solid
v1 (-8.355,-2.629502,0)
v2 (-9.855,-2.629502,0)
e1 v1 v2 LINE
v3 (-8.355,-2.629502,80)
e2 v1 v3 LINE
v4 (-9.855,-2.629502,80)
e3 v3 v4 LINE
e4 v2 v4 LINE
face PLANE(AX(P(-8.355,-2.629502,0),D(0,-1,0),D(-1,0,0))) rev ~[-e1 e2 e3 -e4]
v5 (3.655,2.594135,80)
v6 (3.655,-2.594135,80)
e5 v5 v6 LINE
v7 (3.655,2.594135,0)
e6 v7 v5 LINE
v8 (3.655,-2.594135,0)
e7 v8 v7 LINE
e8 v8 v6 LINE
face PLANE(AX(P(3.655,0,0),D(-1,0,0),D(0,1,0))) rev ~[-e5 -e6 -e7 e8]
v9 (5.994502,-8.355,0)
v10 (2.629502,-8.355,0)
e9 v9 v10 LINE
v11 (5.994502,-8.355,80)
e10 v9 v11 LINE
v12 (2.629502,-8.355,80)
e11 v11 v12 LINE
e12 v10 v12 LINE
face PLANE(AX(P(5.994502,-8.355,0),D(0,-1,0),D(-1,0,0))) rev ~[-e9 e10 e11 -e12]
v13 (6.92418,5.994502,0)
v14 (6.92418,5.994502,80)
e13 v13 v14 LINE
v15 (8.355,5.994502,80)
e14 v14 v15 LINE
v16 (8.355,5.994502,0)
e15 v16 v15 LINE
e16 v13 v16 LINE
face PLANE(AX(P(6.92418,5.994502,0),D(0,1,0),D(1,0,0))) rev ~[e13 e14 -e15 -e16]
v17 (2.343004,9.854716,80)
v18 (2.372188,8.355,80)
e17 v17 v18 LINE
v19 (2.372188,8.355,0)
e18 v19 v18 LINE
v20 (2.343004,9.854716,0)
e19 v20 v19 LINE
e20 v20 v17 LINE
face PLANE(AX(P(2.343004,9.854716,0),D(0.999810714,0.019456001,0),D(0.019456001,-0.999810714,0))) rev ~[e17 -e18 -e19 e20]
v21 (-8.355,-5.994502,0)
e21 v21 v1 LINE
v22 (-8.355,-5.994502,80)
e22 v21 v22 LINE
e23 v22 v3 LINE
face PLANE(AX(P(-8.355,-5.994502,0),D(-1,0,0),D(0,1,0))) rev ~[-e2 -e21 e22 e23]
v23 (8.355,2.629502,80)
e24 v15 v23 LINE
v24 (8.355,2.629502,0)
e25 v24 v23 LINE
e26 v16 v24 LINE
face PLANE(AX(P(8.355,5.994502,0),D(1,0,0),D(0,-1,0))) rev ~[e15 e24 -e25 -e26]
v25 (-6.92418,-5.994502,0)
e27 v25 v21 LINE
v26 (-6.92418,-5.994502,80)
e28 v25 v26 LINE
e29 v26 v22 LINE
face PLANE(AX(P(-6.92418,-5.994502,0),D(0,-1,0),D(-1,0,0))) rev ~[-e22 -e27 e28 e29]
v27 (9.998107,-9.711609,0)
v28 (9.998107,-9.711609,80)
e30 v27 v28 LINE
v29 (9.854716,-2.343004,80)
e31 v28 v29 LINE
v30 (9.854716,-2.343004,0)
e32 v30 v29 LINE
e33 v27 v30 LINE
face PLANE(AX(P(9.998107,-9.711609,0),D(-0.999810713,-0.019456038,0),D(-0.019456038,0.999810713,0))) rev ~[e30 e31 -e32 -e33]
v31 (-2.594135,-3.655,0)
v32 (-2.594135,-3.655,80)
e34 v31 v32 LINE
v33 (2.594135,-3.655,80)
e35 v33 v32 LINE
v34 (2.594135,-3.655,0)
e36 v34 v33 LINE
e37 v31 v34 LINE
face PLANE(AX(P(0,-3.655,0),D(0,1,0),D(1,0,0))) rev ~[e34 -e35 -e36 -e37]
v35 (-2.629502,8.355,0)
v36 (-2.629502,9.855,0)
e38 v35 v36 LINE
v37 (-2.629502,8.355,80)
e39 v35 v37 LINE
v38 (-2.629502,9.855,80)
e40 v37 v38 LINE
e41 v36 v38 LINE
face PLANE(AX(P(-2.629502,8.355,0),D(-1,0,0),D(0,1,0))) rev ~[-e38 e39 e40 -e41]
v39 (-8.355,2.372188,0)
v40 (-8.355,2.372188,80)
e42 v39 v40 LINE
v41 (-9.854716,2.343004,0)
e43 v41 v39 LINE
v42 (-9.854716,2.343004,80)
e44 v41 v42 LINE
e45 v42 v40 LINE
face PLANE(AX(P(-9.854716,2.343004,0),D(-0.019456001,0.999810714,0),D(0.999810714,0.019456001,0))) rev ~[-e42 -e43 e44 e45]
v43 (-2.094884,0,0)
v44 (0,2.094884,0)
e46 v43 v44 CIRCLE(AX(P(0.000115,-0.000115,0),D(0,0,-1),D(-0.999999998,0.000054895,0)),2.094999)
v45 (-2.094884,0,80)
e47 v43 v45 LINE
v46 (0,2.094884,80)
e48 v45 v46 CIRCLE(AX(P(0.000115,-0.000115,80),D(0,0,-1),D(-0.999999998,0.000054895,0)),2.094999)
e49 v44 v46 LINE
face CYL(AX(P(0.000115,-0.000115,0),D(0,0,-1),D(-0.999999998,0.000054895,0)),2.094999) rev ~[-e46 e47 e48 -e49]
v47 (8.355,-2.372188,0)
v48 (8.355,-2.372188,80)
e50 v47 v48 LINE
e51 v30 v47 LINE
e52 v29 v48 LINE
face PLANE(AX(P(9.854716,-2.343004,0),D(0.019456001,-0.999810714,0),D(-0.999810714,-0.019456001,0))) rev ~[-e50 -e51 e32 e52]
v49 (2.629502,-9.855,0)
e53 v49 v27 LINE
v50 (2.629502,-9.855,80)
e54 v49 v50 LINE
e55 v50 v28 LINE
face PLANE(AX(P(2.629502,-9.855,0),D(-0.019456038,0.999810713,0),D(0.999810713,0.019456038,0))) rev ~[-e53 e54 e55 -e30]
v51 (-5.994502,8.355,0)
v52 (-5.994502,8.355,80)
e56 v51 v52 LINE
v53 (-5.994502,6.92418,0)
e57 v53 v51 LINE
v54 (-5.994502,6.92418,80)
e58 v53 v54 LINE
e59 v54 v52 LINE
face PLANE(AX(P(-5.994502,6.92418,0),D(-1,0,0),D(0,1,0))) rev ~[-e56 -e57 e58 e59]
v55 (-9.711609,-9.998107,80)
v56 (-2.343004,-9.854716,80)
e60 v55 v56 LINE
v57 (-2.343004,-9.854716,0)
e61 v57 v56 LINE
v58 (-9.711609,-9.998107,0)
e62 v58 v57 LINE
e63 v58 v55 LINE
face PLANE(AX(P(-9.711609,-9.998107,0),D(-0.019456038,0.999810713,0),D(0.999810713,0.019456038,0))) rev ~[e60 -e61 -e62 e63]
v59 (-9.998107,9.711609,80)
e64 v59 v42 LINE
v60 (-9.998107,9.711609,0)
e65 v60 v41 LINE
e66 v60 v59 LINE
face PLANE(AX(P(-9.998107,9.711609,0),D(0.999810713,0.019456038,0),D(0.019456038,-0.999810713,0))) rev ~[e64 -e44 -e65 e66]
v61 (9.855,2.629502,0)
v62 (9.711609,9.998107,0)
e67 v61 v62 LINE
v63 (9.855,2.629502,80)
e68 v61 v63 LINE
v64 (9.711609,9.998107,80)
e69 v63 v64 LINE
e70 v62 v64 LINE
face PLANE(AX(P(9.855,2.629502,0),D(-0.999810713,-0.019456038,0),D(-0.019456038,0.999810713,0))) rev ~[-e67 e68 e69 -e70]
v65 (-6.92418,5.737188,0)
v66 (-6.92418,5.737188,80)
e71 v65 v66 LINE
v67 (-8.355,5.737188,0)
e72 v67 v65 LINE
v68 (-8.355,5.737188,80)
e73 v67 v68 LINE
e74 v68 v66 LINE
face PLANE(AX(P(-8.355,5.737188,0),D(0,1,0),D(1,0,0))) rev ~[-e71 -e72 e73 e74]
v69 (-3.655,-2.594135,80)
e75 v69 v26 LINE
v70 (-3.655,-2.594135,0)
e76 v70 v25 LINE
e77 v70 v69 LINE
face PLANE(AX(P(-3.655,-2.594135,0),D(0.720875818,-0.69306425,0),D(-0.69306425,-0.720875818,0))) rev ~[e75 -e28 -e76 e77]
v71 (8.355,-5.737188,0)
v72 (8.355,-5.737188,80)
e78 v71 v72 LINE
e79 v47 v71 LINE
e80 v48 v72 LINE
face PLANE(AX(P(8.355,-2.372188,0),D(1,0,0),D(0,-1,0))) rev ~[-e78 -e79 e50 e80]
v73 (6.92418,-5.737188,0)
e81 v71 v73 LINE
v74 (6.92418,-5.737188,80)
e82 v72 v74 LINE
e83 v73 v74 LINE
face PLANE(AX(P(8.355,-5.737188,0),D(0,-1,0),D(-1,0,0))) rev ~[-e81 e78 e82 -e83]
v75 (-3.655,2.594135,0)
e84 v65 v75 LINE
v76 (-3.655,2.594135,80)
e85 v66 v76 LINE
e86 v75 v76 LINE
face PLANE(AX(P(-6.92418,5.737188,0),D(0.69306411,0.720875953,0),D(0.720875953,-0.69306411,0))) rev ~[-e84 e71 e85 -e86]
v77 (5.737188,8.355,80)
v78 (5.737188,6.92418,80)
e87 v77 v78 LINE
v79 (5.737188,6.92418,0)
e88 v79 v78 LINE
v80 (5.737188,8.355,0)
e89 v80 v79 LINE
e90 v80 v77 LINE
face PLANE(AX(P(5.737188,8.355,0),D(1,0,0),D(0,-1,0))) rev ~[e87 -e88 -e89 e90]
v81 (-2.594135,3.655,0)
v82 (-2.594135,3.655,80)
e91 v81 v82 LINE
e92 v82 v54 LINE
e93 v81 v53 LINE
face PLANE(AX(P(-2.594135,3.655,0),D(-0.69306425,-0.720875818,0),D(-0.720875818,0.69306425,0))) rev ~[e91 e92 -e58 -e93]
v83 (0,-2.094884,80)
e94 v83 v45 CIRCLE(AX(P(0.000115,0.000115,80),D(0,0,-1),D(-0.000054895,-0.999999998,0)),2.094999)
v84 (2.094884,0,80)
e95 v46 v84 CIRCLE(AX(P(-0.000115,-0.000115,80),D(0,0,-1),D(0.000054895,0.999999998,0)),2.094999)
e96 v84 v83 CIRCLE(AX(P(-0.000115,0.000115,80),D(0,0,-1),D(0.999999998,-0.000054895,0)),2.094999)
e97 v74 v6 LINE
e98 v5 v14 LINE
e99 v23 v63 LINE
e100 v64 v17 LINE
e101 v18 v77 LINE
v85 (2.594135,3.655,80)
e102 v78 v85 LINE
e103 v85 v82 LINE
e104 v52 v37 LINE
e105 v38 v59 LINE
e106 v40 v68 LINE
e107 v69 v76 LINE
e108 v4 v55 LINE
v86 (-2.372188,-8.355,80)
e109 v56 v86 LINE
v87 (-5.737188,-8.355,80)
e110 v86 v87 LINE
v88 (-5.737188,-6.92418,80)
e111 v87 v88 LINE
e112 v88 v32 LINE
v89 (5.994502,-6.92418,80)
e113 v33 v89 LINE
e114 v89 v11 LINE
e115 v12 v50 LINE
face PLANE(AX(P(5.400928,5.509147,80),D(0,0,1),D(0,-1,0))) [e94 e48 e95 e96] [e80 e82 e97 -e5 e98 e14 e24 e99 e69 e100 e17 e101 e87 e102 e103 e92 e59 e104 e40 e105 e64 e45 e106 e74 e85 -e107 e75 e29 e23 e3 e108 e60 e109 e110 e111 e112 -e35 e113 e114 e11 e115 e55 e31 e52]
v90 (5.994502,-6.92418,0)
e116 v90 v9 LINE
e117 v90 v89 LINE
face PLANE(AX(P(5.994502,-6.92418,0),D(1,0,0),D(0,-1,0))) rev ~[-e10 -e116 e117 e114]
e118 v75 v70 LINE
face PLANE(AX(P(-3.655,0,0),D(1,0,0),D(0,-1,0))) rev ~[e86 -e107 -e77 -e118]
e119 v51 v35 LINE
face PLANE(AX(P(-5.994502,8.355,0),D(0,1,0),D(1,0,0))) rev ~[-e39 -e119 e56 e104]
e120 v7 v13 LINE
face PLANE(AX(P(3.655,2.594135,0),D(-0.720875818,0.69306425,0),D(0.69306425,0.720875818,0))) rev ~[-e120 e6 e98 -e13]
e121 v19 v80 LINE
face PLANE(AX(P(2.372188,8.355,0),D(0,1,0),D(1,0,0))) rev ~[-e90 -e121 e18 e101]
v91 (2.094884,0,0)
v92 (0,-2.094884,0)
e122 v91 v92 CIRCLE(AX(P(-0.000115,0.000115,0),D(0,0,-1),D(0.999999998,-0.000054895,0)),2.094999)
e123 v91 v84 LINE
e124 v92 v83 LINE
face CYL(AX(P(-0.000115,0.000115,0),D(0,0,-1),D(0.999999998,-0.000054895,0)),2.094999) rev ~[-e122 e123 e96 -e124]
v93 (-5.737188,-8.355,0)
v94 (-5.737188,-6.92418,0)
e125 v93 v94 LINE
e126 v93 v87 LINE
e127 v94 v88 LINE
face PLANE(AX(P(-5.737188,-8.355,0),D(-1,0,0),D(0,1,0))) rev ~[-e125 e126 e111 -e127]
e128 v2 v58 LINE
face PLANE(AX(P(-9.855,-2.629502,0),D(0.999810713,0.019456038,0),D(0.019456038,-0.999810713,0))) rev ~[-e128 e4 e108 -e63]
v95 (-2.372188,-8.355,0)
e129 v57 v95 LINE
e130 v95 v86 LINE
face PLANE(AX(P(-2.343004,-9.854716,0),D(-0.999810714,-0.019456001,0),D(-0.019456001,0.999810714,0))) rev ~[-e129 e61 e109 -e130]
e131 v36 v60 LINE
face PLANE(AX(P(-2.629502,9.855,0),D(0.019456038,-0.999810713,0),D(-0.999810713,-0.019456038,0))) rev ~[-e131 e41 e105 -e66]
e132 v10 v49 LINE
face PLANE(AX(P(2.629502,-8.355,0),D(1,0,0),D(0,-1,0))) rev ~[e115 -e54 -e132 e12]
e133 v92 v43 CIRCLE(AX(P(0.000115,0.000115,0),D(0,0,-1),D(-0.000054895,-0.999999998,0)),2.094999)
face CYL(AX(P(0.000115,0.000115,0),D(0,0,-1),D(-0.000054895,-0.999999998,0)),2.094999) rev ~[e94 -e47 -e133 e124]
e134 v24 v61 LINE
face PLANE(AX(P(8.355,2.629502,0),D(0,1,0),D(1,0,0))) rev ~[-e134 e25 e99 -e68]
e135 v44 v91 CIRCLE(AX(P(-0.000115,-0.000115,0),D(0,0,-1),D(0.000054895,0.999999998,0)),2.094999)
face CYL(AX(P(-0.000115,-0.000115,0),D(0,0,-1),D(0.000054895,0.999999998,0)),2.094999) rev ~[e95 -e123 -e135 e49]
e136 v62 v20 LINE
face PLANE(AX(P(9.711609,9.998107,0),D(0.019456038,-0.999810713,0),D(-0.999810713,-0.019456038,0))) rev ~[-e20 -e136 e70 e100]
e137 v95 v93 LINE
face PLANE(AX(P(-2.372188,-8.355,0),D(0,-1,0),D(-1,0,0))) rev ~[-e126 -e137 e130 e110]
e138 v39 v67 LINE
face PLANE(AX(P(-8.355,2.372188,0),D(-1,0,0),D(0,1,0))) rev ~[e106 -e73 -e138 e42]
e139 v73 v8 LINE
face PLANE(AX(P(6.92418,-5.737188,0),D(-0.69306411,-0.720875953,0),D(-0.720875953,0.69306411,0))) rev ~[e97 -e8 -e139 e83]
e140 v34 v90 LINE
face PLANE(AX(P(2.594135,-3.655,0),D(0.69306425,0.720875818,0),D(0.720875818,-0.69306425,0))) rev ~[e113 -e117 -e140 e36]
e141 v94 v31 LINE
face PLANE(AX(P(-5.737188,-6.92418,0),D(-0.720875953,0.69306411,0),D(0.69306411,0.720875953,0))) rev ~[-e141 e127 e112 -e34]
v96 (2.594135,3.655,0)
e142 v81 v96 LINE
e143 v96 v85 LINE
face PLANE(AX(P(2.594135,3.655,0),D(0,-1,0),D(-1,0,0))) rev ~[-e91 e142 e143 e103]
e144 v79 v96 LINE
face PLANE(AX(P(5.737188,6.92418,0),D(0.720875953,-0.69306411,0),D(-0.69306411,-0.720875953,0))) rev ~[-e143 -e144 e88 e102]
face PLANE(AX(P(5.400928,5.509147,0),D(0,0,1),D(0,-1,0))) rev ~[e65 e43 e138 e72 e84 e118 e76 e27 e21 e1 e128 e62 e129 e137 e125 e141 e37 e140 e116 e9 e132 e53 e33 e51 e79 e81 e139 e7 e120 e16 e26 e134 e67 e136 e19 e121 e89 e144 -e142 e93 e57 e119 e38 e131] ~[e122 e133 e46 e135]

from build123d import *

# Parameters (mm, degrees)
F1_DEPTH = 80
F3_COUNT = 4


with BuildPart() as f1:
    # F0 (on Top) → F1 (new body)
    with BuildSketch(Plane.XY):
        with BuildLine():
            Line((0, 3.655), (-2.594135, 3.655))
            Line((-2.594135, 3.655), (-5.994502, 6.92418))
            Line((-5.994502, 6.92418), (-5.994502, 8.355))
            Line((-5.994502, 8.355), (-2.629502, 8.355))
            Line((-2.629502, 8.355), (-2.629502, 9.855))
            Line((-2.629502, 9.855), (-9.998107, 9.711609))
            Line((-9.998107, 9.711609), (-9.854716, 2.343004))
            Line((-9.854716, 2.343004), (-8.355, 2.372188))
            Line((-8.355, 2.372188), (-8.355, 5.737188))
            Line((-8.355, 5.737188), (-6.92418, 5.737188))
            Line((-6.92418, 5.737188), (-3.655, 2.594135))
            Line((-3.655, 2.594135), (-3.655, 0))
            Line((-3.655, 0), (-2.094884, 0))
            ThreePointArc((-2.094884, 0), (-1.481273, 1.481273), (0, 2.094884))
            Line((0, 2.094884), (0, 3.655))
        make_face()
    extrude(amount=F1_DEPTH)

    # F3: F1 ×4 about axis
    f3_axis = Axis((0, 0, 0.688764), (0, 0, 1))


with BuildPart() as f1_1:
    add(f1.part)
    for i in range(1, F3_COUNT):
        add(f1.part.rotate(f3_axis, i * 360 / F3_COUNT))


solid = f1_1.part
